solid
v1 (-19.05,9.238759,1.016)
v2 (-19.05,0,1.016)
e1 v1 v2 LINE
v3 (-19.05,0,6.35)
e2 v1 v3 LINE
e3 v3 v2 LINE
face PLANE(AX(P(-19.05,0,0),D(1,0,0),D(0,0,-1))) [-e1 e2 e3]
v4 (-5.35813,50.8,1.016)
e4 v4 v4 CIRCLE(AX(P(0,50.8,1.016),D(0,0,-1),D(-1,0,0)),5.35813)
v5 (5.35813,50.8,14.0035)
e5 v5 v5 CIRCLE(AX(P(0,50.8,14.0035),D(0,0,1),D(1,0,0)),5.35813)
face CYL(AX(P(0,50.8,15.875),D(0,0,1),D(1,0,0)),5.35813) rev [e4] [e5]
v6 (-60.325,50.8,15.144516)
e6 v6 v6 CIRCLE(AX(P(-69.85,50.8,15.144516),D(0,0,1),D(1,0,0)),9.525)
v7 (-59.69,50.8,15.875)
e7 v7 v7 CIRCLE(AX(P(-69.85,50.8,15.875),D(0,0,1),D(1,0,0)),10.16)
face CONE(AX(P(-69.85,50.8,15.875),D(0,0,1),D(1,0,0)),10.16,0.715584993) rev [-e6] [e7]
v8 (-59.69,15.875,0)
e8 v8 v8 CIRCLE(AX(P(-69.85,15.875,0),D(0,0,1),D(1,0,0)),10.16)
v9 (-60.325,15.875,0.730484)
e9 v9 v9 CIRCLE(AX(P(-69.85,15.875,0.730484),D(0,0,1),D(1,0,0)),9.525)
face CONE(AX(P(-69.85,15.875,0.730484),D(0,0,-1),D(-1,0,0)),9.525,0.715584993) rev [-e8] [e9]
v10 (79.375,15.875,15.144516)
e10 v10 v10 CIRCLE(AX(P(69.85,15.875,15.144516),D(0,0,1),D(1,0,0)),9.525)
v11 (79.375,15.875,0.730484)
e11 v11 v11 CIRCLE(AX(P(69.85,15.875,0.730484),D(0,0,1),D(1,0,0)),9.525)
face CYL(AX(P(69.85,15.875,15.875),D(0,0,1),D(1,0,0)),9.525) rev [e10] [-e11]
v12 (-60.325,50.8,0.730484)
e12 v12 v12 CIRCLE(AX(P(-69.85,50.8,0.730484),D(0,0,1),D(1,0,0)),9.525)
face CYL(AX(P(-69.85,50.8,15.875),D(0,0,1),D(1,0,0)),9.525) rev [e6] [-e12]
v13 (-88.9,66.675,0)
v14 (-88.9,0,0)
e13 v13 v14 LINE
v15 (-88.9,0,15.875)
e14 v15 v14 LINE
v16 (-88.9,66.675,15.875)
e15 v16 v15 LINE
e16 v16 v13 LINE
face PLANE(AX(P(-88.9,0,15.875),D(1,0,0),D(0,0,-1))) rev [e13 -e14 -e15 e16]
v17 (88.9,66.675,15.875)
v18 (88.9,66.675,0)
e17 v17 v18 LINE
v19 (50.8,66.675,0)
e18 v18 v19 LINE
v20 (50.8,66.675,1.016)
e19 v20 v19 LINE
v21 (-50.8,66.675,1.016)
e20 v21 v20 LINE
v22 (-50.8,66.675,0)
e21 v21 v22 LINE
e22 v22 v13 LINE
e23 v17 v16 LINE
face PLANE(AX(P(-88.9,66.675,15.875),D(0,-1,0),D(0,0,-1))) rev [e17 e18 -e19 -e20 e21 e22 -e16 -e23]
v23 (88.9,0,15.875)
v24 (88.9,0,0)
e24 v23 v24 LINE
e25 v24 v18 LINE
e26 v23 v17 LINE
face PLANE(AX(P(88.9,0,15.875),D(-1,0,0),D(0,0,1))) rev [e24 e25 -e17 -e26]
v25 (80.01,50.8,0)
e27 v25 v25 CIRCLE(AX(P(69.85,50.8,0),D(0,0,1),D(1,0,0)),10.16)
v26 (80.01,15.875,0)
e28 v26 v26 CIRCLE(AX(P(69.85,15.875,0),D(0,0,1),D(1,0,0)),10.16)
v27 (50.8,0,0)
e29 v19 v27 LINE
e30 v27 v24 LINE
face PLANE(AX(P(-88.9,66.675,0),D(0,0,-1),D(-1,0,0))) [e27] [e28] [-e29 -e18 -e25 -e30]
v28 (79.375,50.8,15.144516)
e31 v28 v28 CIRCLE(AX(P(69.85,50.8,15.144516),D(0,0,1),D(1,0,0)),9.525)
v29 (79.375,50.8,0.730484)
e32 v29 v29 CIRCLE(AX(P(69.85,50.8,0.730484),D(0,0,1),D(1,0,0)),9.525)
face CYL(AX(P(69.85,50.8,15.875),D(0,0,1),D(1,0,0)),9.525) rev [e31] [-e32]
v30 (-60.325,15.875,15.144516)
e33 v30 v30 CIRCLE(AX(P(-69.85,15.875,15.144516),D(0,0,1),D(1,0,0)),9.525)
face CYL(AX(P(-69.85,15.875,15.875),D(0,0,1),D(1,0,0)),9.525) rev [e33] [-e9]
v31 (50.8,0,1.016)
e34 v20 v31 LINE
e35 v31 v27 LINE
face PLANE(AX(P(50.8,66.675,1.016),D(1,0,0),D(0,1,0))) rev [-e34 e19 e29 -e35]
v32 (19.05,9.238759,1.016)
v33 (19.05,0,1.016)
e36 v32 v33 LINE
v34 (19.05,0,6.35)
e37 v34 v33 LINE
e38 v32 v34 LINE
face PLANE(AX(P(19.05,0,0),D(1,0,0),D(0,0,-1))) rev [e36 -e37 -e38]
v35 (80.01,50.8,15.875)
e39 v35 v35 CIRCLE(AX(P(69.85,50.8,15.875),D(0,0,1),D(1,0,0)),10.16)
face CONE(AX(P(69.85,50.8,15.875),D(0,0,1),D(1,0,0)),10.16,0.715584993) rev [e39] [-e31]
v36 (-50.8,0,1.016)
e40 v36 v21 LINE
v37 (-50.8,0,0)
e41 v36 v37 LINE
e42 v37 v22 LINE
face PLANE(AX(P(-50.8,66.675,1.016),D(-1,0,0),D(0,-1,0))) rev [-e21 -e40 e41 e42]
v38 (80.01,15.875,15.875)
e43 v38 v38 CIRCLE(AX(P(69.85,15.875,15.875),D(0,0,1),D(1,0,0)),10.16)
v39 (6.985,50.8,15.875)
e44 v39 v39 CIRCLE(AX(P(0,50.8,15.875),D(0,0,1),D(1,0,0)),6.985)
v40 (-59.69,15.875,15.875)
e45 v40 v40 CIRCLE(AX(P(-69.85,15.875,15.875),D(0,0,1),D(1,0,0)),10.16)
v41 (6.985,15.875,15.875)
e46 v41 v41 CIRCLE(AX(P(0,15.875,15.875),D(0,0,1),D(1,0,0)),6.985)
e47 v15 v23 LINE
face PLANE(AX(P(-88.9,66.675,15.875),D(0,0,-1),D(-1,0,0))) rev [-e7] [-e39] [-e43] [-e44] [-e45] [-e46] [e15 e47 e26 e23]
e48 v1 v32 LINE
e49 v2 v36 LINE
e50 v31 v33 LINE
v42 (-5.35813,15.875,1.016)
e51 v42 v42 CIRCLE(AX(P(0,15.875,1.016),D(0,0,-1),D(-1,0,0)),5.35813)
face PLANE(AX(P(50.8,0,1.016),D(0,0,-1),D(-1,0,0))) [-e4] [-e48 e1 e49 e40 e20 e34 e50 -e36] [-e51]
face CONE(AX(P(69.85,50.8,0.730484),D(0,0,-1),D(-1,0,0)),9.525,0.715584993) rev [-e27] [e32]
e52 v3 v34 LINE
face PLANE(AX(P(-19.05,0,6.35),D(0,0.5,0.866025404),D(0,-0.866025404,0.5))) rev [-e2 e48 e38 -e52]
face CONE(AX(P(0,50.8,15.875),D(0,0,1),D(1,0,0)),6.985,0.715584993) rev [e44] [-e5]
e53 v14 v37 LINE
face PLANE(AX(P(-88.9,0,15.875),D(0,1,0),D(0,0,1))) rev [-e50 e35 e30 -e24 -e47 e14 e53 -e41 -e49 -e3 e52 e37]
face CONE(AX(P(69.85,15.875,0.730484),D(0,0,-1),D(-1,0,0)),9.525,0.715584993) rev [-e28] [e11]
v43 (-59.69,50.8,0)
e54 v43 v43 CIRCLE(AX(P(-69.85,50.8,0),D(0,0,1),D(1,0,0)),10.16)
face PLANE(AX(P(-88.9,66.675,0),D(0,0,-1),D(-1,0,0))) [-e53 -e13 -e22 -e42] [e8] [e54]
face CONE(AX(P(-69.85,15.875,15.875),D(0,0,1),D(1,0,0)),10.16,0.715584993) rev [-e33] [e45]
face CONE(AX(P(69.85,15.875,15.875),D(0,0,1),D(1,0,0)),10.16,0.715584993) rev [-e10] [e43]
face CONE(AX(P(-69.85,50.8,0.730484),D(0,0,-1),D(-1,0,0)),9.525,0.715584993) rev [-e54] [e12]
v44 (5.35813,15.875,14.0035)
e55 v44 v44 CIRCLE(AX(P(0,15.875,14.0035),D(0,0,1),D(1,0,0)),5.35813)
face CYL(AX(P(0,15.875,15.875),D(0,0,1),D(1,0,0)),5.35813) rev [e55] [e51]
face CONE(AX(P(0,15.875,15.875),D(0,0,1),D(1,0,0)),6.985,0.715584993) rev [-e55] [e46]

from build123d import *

# Parameters (mm, degrees)
SKETCH1_W                         = 177.8
SKETCH1_H                         = 66.675
EXTRUDE1_DEPTH                    = 15.875
F_1_2_CLEARANCE_HOLE1_AT_2_COUNT  = 2
F_1_2_CLEARANCE_HOLE1_AT_2_PITCH  = 34.925
F_1_2_CLEARANCE_HOLE1_AT_3_COUNT  = 2
F_1_2_CLEARANCE_HOLE1_AT_3_PITCH  = 139.7
F_1_2_CLEARANCE_HOLE1_AT_4_COUNT  = 2
F_1_2_CLEARANCE_HOLE1_AT_4_PITCH  = 143.999463975
SKETCH15_W                        = 101.6
SKETCH15_H                        = 66.675
CUT_EXTRUDE1_DEPTH                = 1.016
CUT_EXTRUDE2_DEPTH                = 19.05
F_1_2_13_TAPPED_HOLE1_D           = 10.71626
F_1_2_13_TAPPED_HOLE1_DEPTH       = 14.859
F_1_2_13_TAPPED_HOLE1_CSINK_D     = 13.97
F_1_2_13_TAPPED_HOLE1_CSINK_ANGLE = 82


with BuildPart() as part:
    # Sketch1 → Extrude1 (new body)
    with BuildSketch(Plane.XY):
        with Locations((0, 33.3375)):
            Rectangle(SKETCH1_W, SKETCH1_H)
    extrude(amount=EXTRUDE1_DEPTH)

    # Sketch11 → 1/2 Clearance Hole1 (revolve, cut)
    with BuildSketch(Plane(origin=(-69.85, 50.8, 15.875), x_dir=(0, -1, 0), z_dir=(1, 0, 0))):
        Polygon((0, 0), (0, 15.875), (10.16, 15.875), (9.525, 15.144516061), (9.525, 0.730483939), (10.16, 0), align=None)
    f_1_2_clearance_hole1 = revolve(axis=Axis((-69.85, 50.8, 22.225), (0, 0, -1)), mode=Mode.SUBTRACT)

    # 1/2 Clearance Hole1 at 2: 1/2 Clearance Hole1 ×2
    with Locations(*[(0, -i * F_1_2_CLEARANCE_HOLE1_AT_2_PITCH, 0) for i in range(1, F_1_2_CLEARANCE_HOLE1_AT_2_COUNT)]):
        add(f_1_2_clearance_hole1, mode=Mode.SUBTRACT)

    # 1/2 Clearance Hole1 at 3: 1/2 Clearance Hole1 ×2
    with Locations(*[(i * F_1_2_CLEARANCE_HOLE1_AT_3_PITCH, 0, 0) for i in range(1, F_1_2_CLEARANCE_HOLE1_AT_3_COUNT)]):
        add(f_1_2_clearance_hole1, mode=Mode.SUBTRACT)

    # 1/2 Clearance Hole1 at 4: 1/2 Clearance Hole1 ×2
    with Locations(*[Vector(0.9701425, -0.242535625, 0) * (i * F_1_2_CLEARANCE_HOLE1_AT_4_PITCH) for i in range(1, F_1_2_CLEARANCE_HOLE1_AT_4_COUNT)]):
        add(f_1_2_clearance_hole1, mode=Mode.SUBTRACT)

    # Sketch15 → Cut-Extrude1 (cut)
    with BuildSketch(Plane(origin=(0, 0, 0), x_dir=(-1, 0, 0), z_dir=(0, 0, -1))):
        with Locations((0, 33.3375)):
            Rectangle(SKETCH15_W, SKETCH15_H)
    extrude(amount=-CUT_EXTRUDE1_DEPTH, mode=Mode.SUBTRACT)

    # Sketch17 → Cut-Extrude2 (cut, symmetric)
    with BuildSketch(Plane(origin=(0, 0, 0), x_dir=(0, 0, -1), z_dir=(1, 0, 0))):
        Polygon((-6.35, 0), (0, 10.998522628), (0, 0), align=None)
    extrude(amount=CUT_EXTRUDE2_DEPTH, both=True, mode=Mode.SUBTRACT)

    # 1/2-13 Tapped Hole1
    with Locations(Plane.XY.offset(15.875)):
        with Locations((0, 50.8), (0, 15.875)):
            CounterSinkHole(F_1_2_13_TAPPED_HOLE1_D / 2, F_1_2_13_TAPPED_HOLE1_CSINK_D / 2, depth=F_1_2_13_TAPPED_HOLE1_DEPTH, counter_sink_angle=F_1_2_13_TAPPED_HOLE1_CSINK_ANGLE)


solid = part.part
